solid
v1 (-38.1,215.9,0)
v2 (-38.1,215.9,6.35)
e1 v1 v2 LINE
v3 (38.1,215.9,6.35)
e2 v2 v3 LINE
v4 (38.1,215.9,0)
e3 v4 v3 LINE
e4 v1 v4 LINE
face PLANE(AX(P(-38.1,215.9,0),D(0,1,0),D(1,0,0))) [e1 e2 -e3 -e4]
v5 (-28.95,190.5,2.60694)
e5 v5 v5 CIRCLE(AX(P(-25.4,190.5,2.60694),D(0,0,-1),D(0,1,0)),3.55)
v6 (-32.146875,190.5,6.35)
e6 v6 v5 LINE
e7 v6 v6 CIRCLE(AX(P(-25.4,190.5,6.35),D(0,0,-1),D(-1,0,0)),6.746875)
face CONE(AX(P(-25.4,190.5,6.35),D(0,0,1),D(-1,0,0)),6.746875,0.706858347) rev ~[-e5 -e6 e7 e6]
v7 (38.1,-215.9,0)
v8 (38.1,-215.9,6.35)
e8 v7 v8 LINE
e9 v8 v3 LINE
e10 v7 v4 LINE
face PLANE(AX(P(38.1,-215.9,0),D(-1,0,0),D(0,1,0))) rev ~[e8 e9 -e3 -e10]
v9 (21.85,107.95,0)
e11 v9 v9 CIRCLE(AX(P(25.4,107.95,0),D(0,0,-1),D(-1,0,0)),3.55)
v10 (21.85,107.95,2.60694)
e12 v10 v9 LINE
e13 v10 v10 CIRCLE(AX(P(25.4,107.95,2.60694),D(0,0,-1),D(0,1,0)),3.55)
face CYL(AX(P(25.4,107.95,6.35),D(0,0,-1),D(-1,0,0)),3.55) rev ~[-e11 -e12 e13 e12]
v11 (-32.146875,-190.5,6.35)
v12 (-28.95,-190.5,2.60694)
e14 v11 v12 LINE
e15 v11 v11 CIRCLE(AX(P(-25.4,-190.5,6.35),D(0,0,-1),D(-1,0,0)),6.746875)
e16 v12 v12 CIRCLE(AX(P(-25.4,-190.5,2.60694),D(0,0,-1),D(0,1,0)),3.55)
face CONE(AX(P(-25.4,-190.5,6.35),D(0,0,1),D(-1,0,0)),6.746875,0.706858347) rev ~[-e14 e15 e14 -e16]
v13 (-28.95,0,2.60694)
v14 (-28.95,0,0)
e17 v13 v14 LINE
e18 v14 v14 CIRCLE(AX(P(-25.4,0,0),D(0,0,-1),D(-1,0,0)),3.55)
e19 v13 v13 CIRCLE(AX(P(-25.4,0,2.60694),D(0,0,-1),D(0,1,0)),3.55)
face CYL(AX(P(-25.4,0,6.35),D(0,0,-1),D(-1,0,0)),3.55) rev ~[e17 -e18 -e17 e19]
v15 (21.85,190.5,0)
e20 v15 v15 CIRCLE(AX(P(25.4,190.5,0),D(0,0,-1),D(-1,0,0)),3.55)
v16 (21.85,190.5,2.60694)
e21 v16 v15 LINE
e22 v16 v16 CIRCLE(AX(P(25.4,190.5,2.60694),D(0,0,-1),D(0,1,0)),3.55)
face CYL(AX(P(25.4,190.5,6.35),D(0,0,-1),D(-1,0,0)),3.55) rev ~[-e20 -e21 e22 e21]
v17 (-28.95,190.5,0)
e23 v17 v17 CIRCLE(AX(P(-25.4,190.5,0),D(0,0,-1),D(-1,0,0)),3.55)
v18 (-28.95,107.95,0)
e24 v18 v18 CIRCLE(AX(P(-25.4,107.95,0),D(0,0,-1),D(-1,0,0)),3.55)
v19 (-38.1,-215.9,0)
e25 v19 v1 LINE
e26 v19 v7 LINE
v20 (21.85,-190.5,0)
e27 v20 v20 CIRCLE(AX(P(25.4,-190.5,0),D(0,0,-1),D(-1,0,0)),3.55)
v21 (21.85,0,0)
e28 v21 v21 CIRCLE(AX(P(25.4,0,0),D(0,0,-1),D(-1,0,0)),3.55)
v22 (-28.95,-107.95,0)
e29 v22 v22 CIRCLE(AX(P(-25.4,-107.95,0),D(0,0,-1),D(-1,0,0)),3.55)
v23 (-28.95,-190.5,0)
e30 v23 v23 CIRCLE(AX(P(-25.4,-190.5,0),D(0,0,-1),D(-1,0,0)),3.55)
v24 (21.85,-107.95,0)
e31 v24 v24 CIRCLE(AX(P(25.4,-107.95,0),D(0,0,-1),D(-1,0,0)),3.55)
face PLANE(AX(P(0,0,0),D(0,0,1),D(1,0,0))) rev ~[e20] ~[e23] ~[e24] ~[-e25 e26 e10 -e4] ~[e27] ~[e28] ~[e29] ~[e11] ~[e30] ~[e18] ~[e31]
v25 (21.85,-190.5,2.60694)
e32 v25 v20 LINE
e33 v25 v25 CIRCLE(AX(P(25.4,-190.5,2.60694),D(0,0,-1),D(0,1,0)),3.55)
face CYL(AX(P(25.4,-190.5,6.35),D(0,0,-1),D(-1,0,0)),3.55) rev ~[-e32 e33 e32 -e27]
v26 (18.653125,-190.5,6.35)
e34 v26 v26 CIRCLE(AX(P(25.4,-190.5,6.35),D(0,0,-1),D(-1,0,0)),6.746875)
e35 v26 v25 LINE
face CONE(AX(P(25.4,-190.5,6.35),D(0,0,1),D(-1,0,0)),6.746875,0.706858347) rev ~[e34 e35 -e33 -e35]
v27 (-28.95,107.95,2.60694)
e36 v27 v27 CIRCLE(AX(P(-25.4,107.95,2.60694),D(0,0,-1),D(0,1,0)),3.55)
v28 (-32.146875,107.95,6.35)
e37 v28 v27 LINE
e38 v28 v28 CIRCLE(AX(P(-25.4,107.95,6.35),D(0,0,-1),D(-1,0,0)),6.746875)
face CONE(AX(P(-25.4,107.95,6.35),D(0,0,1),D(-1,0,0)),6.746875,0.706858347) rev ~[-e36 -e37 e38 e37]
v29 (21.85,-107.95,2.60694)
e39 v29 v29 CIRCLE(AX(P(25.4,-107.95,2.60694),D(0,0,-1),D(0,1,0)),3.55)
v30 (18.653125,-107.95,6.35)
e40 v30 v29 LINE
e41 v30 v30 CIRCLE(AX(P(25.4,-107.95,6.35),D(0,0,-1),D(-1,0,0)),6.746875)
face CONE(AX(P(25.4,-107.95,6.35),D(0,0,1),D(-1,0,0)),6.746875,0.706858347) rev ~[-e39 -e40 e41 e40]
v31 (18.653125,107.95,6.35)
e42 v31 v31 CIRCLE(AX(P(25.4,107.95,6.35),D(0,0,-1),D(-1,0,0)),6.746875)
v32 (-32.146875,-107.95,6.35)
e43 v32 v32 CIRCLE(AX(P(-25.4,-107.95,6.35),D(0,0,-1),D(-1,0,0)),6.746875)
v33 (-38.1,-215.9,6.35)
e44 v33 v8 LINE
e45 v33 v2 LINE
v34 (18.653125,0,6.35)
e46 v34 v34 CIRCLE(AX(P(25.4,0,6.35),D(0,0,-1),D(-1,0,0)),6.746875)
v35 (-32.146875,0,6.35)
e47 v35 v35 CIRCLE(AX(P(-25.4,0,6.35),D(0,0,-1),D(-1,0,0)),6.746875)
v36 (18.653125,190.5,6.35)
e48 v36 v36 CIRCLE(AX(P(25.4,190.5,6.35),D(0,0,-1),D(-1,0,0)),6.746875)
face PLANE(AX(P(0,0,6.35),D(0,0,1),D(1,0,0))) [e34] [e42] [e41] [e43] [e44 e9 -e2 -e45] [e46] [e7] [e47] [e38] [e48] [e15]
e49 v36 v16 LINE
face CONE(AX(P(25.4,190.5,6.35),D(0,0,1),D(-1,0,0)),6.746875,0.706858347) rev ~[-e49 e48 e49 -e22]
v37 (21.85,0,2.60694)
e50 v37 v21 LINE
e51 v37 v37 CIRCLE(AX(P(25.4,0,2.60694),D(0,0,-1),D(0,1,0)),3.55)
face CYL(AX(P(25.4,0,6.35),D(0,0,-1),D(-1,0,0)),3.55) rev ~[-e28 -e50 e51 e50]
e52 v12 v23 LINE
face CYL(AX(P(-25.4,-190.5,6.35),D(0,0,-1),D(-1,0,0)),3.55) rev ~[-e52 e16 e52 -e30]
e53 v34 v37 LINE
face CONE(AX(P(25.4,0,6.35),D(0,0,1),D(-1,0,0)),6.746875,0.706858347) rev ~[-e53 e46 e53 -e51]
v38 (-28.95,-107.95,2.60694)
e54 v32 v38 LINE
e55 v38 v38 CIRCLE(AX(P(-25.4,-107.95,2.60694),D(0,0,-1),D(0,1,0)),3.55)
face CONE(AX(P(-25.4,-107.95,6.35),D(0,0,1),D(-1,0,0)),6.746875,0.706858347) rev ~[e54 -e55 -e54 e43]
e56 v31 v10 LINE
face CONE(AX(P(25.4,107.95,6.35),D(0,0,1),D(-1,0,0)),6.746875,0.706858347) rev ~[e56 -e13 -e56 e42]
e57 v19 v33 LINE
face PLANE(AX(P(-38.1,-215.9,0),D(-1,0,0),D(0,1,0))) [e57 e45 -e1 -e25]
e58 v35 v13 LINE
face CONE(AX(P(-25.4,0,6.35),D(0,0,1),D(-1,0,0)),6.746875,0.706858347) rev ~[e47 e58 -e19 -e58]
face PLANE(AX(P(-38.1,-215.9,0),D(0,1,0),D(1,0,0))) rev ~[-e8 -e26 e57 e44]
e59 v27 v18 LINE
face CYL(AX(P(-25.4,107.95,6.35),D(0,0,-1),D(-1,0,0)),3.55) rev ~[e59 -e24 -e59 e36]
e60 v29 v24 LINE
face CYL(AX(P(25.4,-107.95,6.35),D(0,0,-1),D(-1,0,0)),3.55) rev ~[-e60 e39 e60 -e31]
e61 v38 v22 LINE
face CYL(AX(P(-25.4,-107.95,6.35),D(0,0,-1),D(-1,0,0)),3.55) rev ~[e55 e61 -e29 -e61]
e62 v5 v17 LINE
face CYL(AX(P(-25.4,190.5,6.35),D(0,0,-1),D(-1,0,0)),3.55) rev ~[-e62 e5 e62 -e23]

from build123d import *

# Parameters (mm, degrees)
SKETCH_W         = 76.2
SKETCH_H         = 431.8
PAD_DEPTH        = 6.35
HOLE_D           = 7.1
HOLE_CSINK_D     = 13.49375
HOLE_CSINK_ANGLE = 81


with BuildPart() as part:
    # Sketch → Pad (new body)
    with BuildSketch(Plane.XY):
        Rectangle(SKETCH_W, SKETCH_H)
    extrude(amount=PAD_DEPTH)

    # Hole (through all)
    with Locations(Plane.XY.offset(6.35)):
        with Locations((-25.4, 190.5), (-25.4, 0), (-25.4, 107.95), (-25.4, -190.5), (-25.4, -107.95), (25.4, -190.5), (25.4, -107.95), (25.4, 0), (25.4, 107.95), (25.4, 190.5)):
            CounterSinkHole(HOLE_D / 2, HOLE_CSINK_D / 2, counter_sink_angle=HOLE_CSINK_ANGLE)


solid = part.part
